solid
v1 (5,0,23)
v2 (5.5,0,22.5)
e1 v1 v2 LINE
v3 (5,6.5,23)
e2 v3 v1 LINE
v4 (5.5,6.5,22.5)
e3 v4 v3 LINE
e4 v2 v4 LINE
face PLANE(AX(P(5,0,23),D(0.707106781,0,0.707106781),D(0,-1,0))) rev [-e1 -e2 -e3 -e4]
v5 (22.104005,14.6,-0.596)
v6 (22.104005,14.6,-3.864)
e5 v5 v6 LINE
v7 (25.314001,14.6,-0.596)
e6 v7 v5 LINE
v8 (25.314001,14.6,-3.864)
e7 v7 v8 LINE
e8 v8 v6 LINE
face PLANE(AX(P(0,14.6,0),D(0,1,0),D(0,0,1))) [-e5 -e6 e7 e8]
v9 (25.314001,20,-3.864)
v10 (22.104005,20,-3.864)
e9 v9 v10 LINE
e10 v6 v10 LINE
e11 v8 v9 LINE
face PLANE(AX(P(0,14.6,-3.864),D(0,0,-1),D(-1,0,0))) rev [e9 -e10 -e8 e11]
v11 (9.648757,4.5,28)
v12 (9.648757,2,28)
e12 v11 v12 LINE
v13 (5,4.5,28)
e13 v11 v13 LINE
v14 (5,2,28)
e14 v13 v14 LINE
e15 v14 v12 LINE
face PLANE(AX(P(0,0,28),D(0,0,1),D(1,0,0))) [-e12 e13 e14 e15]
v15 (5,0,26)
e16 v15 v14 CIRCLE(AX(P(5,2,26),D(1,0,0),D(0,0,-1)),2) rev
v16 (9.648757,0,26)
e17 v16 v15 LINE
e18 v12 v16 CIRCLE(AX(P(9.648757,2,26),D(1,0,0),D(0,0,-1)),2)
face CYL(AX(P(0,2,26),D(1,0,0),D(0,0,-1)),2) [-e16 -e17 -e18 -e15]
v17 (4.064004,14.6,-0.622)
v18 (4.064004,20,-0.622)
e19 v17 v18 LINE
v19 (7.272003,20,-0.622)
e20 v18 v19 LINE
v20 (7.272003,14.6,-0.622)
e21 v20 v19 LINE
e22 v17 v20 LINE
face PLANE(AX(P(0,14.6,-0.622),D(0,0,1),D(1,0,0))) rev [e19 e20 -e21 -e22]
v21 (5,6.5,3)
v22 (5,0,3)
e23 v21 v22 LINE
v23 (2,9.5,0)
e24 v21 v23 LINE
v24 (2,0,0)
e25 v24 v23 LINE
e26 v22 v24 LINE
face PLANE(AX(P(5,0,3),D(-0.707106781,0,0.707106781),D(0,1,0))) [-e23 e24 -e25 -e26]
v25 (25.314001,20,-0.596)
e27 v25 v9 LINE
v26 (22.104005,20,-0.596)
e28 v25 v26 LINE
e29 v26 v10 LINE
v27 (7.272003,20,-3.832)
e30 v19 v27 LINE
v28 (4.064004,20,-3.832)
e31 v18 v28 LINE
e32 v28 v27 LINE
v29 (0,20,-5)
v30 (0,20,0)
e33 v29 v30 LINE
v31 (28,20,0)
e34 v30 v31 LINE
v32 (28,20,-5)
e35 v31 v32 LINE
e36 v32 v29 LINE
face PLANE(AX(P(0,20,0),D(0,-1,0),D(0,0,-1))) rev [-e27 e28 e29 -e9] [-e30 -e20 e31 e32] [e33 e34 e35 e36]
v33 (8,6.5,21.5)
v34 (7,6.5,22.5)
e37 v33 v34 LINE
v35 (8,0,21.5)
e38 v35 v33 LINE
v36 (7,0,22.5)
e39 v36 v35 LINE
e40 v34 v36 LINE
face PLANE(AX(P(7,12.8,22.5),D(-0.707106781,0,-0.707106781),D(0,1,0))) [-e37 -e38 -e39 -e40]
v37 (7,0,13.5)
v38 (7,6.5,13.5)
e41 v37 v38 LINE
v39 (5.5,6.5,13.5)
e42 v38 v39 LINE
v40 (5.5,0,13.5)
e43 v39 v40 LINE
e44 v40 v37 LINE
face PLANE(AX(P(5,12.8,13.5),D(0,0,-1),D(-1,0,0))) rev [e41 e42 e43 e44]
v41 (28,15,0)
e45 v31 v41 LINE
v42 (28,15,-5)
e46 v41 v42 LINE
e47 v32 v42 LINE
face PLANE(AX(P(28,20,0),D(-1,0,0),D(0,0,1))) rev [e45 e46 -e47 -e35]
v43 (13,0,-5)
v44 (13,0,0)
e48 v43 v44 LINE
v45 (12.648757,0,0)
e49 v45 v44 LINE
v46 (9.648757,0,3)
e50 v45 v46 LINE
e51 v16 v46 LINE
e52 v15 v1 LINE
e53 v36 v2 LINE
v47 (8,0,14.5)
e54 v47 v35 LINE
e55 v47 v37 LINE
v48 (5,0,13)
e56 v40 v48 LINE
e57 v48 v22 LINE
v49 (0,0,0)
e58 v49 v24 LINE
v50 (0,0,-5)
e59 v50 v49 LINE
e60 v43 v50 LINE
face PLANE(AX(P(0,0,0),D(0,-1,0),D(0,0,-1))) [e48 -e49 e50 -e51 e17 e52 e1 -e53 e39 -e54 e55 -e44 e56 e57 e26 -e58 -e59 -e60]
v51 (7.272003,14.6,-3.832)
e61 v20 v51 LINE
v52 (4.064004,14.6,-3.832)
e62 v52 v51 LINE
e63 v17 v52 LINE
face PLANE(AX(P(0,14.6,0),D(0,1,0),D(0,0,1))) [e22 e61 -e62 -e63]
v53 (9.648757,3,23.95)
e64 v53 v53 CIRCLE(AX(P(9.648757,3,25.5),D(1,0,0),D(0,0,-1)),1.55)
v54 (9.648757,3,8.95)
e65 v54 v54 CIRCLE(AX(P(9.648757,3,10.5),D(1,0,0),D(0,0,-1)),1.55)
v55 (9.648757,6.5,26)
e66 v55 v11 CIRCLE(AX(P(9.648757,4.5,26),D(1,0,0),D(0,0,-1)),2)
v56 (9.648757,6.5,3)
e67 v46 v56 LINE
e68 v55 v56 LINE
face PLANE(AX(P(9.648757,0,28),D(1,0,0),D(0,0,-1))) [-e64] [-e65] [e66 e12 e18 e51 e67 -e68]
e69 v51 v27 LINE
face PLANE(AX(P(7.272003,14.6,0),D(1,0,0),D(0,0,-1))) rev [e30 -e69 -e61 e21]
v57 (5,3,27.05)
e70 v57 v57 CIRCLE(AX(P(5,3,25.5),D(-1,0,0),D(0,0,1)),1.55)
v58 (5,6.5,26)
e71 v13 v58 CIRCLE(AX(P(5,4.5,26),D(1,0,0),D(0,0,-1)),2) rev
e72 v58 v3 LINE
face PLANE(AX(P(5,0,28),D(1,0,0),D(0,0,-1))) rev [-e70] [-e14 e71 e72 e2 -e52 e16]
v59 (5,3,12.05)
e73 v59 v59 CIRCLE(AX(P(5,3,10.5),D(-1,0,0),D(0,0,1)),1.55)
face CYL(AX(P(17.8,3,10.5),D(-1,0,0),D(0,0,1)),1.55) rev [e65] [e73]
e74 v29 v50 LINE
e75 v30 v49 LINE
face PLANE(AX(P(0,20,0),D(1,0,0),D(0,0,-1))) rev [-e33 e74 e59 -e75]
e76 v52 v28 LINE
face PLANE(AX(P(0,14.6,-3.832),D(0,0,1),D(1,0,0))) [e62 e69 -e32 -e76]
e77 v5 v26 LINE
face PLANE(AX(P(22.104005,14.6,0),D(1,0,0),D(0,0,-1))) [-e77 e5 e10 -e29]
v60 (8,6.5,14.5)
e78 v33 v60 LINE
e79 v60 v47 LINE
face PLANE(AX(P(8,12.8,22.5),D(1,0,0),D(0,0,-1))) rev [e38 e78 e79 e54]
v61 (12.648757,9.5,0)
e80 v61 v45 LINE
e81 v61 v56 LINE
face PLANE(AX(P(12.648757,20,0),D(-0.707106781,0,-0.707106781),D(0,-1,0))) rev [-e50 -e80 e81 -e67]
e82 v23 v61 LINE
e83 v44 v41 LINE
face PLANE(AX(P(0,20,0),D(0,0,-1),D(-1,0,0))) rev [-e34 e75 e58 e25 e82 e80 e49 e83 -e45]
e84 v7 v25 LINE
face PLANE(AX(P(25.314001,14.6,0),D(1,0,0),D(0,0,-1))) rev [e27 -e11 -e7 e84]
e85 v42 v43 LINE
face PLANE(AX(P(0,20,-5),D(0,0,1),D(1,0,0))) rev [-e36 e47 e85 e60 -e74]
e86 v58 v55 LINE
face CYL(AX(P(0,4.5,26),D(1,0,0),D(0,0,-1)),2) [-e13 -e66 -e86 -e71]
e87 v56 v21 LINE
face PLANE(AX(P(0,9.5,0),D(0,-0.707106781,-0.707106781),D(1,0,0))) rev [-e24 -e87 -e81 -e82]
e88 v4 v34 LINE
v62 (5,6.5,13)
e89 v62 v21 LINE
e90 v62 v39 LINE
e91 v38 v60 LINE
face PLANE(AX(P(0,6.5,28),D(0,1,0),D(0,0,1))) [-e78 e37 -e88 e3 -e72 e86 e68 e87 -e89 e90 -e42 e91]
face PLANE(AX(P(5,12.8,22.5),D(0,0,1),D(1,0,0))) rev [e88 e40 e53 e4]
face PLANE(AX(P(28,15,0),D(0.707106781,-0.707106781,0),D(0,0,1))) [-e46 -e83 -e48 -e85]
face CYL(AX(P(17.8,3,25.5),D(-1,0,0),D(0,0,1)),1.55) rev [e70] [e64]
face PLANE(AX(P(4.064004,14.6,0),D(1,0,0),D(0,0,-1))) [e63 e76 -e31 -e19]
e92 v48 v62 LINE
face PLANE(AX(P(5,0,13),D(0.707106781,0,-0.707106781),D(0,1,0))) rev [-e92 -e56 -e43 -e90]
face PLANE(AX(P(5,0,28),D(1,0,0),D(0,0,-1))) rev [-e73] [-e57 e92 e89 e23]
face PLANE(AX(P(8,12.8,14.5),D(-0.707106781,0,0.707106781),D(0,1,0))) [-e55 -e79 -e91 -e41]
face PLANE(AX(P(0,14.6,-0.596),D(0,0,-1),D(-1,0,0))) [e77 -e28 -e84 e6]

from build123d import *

# Parameters (mm, degrees)
SKETCH1_W           = 28
SKETCH1_H           = 5
BOSS_EXTRUDE1_DEPTH = 20
CHAMFER1_SIZE       = 15
BOSS_EXTRUDE2_DEPTH = 28
SKETCH3_W           = 3
SKETCH3_H           = 9
CUT_EXTRUDE1_DEPTH  = 12.8
CHAMFER2_SIZE       = 1
FILLET1_R           = 2
CHAMFER3_SIZE       = 0.5
CUT_EXTRUDE2_DEPTH  = 12.8
CHAMFER4_SIZE       = 3
CHAMFER5_SIZE       = 3
SKETCH8_W           = 3.20799886
SKETCH8_H           = 3.210000155
SKETCH8_W_2         = 3.209995615
SKETCH8_H_2         = 3.268000248
CUT_EXTRUDE3_DEPTH  = 5.4


with BuildPart() as part:
    # Sketch1 → Boss-Extrude1 (new body)
    with BuildSketch(Plane(origin=(0, 0, 0), x_dir=(1, 0, 0), z_dir=(0, 1, 0))):
        with Locations((14, 2.5)):
            Rectangle(SKETCH1_W, SKETCH1_H)
    extrude(amount=BOSS_EXTRUDE1_DEPTH)

    # Chamfer1
    chamfer1_edges = [part.edges().sort_by_distance(p)[0] for p in [
        (28, 0, -2.5),
    ]]
    chamfer(chamfer1_edges, length=CHAMFER1_SIZE)

    # Sketch2 → Boss-Extrude2 (add)
    with BuildSketch(Plane.XY):
        Polygon((9.648757297, 6.5), (5, 6.5), (5, 2), (5, 0), (9.648757297, 0), align=None)
    extrude(amount=BOSS_EXTRUDE2_DEPTH)

    # Sketch3 → Cut-Extrude1 (cut)
    with BuildSketch(Plane.XZ):
        with Locations((6.5, 18)):
            Rectangle(SKETCH3_W, SKETCH3_H)
    extrude(amount=-CUT_EXTRUDE1_DEPTH, mode=Mode.SUBTRACT)

    # Chamfer2
    chamfer2_edges = [part.edges().sort_by_distance(p)[0] for p in [
        (8, 3.25, 22.5),
        (8, 3.25, 13.5),
    ]]
    chamfer(chamfer2_edges, length=CHAMFER2_SIZE)

    # Fillet1
    fillet1_edges = [part.edges().sort_by_distance(p)[0] for p in [
        (7.324378649, 6.5, 28),
        (7.324378649, 0, 28),
    ]]
    fillet(fillet1_edges, radius=FILLET1_R)

    # Chamfer3
    chamfer3_edges = [part.edges().sort_by_distance(p)[0] for p in [
        (5, 3.25, 13.5),
        (5, 3.25, 22.5),
    ]]
    chamfer(chamfer3_edges, length=CHAMFER3_SIZE)

    # Sketch4 → Cut-Extrude2 (cut)
    with BuildSketch(Plane.ZY.offset(-5)):
        with BuildLine():
            ThreePointArc((25.5, 1.45), (27.05, 3), (25.5, 4.55))
            ThreePointArc((25.5, 4.55), (23.95, 3), (25.5, 1.45))
        make_face()
        with BuildLine():
            ThreePointArc((10.5, 4.55), (8.95, 3), (10.5, 1.45))
            ThreePointArc((10.5, 1.45), (12.05, 3), (10.5, 4.55))
        make_face()
    extrude(amount=-CUT_EXTRUDE2_DEPTH, mode=Mode.SUBTRACT)

    # Chamfer4
    chamfer4_edges = [part.edges().sort_by_distance(p)[0] for p in [
        (5, 3.25, 0),
        (9.648757297, 3.25, 0),
    ]]
    chamfer(chamfer4_edges, length=CHAMFER4_SIZE)

    # Chamfer5
    chamfer5_edges = [part.edges().sort_by_distance(p)[0] for p in [
        (7.324378649, 6.5, 0),
    ]]
    chamfer(chamfer5_edges, length=CHAMFER5_SIZE)

    # Sketch8 → Cut-Extrude3 (cut)
    # profile 1 of 4: a face of its own
    with BuildSketch(Plane(origin=(0, 20, 0), x_dir=(1, 0, 0), z_dir=(0, 1, 0))):
        with Locations((5.668003112, 2.226999903)):
            Rectangle(SKETCH8_W, SKETCH8_H)
        Polygon((7.122002542, 3.68199998), (6.328001618, 3.68199998), (4.214003682, 3.68199998), (4.214003682, 2.801999915), (4.214003682, 2.091999864), (4.214003682, 0.771999825), (4.858002067, 0.771999825), (6.60200417, 0.771999825), (7.122002542, 0.771999825), (7.122002542, 3.48399987), align=None, mode=Mode.SUBTRACT)
    # profile 2 of 4: a face of its own
    with BuildSketch(Plane(origin=(0, 20, 0), x_dir=(1, 0, 0), z_dir=(0, 1, 0))):
        Polygon((7.122002542, 3.68199998), (7.122002542, 3.48399987), (7.122002542, 0.771999825), (6.60200417, 0.771999825), (4.858002067, 0.771999825), (4.214003682, 0.771999825), (4.214003682, 2.091999864), (4.214003682, 2.801999915), (4.214003682, 3.68199998), (6.328001618, 3.68199998), align=None)
    # profile 3 of 4: a face of its own
    with BuildSketch(Plane(origin=(0, 20, 0), x_dir=(1, 0, 0), z_dir=(0, 1, 0))):
        with Locations((23.709002883, 2.229999751)):
            Rectangle(SKETCH8_W_2, SKETCH8_H_2)
        Polygon((22.254005075, 1.15799997), (22.254005075, 1.283999765), (22.254005075, 3.713999875), (25.16400069, 3.713999875), (25.16400069, 0.749999657), (25.16400069, 0.745999627), (24.429999292, 0.745999627), (22.254005075, 0.745999627), align=None, mode=Mode.SUBTRACT)
    # profile 4 of 4: a face of its own
    with BuildSketch(Plane(origin=(0, 20, 0), x_dir=(1, 0, 0), z_dir=(0, 1, 0))):
        Polygon((22.254005075, 3.713999875), (22.254005075, 1.283999765), (22.254005075, 1.15799997), (22.254005075, 0.745999627), (24.429999292, 0.745999627), (25.16400069, 0.745999627), (25.16400069, 0.749999657), (25.16400069, 3.713999875), align=None)
    extrude(amount=-CUT_EXTRUDE3_DEPTH, mode=Mode.SUBTRACT)


solid = part.part
